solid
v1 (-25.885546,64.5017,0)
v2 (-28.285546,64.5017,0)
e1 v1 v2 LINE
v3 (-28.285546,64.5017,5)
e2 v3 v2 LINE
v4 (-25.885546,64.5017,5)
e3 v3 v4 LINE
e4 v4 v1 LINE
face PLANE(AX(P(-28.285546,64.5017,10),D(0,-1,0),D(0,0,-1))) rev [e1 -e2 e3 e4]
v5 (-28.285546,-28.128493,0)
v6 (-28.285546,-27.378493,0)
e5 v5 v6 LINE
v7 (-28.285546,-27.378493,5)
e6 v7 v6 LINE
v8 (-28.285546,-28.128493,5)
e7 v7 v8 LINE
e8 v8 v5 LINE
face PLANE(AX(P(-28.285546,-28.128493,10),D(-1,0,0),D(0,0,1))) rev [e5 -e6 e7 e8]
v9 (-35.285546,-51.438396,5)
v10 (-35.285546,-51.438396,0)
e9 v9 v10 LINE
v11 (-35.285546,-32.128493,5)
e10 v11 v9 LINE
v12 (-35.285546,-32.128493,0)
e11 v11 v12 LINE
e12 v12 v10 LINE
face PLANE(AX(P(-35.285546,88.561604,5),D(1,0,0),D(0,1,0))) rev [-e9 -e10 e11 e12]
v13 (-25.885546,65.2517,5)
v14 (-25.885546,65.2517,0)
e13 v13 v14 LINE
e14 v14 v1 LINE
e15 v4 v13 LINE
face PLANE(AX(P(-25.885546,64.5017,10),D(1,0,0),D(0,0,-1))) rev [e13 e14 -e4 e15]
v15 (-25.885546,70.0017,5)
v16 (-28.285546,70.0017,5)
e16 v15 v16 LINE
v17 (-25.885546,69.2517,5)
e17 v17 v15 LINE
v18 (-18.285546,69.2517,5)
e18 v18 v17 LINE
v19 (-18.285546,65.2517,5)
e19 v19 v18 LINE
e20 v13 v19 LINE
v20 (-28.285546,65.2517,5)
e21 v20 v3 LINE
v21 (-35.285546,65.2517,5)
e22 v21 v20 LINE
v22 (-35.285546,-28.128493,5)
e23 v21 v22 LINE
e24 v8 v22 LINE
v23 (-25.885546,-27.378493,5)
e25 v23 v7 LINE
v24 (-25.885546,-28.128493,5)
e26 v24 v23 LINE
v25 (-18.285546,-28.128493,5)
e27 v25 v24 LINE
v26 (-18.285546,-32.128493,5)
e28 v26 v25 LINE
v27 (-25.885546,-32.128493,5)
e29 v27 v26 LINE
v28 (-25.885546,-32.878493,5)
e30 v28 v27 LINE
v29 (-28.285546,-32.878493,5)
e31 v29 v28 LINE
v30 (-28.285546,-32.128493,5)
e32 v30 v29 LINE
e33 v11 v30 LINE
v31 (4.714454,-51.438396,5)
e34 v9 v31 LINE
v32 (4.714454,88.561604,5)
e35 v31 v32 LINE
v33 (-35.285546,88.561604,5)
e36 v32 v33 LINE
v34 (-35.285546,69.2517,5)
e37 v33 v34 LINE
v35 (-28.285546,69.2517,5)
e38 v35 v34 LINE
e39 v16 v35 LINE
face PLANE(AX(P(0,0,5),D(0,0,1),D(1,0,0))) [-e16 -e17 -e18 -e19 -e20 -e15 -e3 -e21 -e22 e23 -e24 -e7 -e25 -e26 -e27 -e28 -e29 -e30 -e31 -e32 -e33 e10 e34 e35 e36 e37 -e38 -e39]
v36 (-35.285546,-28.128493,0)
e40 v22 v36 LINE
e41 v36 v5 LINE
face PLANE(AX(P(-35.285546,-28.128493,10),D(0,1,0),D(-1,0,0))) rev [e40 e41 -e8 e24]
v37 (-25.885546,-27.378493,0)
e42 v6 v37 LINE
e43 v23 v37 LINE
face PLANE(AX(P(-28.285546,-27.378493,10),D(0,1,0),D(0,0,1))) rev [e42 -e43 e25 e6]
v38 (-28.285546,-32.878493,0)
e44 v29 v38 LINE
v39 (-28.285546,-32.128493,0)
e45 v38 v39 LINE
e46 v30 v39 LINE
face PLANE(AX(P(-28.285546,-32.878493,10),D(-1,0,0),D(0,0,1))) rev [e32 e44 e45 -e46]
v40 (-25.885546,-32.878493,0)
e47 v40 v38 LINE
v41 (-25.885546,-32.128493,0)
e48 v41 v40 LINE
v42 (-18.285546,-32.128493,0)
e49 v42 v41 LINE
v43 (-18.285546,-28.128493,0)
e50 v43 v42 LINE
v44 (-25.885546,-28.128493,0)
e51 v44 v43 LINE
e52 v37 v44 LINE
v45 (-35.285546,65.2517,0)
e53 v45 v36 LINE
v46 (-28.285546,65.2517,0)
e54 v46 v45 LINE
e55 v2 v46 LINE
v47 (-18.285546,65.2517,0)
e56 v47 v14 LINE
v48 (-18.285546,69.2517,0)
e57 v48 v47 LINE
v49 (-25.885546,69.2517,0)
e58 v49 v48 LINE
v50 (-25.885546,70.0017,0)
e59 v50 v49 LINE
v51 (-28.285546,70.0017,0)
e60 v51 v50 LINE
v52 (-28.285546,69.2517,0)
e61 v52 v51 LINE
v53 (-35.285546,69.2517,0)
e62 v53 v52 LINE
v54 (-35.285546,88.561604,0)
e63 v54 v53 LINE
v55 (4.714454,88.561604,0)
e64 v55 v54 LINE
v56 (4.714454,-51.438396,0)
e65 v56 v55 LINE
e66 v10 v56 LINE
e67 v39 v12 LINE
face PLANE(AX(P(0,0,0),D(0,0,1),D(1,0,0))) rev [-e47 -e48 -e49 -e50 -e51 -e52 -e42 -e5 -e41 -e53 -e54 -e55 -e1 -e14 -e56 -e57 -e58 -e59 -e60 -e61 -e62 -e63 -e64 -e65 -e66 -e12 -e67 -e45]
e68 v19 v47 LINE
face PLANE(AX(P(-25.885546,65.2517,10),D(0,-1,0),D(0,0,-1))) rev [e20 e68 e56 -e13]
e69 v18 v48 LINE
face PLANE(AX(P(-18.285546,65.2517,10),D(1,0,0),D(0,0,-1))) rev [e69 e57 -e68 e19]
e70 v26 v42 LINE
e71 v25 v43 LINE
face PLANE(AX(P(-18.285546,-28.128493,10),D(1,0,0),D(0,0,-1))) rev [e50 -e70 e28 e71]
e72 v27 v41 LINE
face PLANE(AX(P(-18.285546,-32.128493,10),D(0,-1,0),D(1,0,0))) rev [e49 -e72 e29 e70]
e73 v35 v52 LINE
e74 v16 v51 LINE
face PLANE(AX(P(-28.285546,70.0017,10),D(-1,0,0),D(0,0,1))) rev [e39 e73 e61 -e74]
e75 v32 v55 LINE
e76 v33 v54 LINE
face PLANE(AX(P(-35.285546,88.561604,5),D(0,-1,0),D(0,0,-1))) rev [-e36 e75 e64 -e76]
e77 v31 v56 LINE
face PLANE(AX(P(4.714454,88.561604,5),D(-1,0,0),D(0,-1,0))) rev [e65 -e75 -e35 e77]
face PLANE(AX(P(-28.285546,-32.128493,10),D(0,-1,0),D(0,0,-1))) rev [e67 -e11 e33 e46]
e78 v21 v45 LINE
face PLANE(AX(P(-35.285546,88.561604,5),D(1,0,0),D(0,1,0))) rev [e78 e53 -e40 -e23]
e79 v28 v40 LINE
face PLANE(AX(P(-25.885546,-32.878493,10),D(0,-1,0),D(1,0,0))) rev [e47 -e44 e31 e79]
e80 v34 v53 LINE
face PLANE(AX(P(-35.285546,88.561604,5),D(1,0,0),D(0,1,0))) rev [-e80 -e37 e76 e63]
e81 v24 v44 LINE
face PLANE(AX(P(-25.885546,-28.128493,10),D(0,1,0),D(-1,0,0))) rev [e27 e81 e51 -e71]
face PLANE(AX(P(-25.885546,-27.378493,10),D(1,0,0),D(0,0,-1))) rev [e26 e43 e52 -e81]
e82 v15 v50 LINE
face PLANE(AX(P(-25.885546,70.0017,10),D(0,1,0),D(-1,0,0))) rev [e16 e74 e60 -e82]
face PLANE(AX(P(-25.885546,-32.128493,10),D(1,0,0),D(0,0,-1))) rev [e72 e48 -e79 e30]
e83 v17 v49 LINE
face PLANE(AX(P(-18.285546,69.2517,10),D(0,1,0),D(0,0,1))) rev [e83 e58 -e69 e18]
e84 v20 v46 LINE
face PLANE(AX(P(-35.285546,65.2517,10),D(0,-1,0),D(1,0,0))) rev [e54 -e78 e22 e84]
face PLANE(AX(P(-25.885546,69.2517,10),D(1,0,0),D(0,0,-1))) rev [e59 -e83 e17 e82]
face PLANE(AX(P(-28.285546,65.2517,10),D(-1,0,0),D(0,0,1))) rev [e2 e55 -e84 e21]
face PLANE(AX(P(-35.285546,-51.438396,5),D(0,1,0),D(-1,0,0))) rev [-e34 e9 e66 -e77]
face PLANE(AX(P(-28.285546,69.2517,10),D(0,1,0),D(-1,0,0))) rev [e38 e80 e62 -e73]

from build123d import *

# Parameters (mm, degrees)
SKETCH1_W           = 40
SKETCH1_H           = 140
BOSS_EXTRUDE1_DEPTH = 5
CUT_EXTRUDE1_DEPTH  = 10


with BuildPart() as part:
    # Sketch1 → Boss-Extrude1 (new body)
    with BuildSketch(Plane.XY):
        with Locations((-15.285545967, 18.561603806)):
            Rectangle(SKETCH1_W, SKETCH1_H)
    extrude(amount=BOSS_EXTRUDE1_DEPTH)

    # Sketch4 → Cut-Extrude1 (cut)
    with BuildSketch(Plane(origin=(0, 0, 0), x_dir=(-1, 0, 0), z_dir=(0, 0, -1))):
        Polygon((35.285545967, 65.251700466), (28.285545967, 65.251700466), (28.285545967, 64.501700466), (25.885545967, 64.501700466), (25.885545967, 65.251700466), (18.285545967, 65.251700466), (18.285545967, 69.251700466), (25.885545967, 69.251700466), (25.885545967, 70.001700466), (28.285545967, 70.001700466), (28.285545967, 69.251700466), (35.285545967, 69.251700466), align=None)
        Polygon((35.285545967, -28.128492854), (35.285545967, -32.128492854), (28.285545967, -32.128492854), (28.285545967, -32.878492854), (25.885545967, -32.878492854), (25.885545967, -32.128492854), (18.285545967, -32.128492854), (18.285545967, -28.128492854), (25.885545967, -28.128492854), (25.885545967, -27.378492854), (28.285545967, -27.378492854), (28.285545967, -28.128492854), align=None)
    extrude(amount=-CUT_EXTRUDE1_DEPTH, mode=Mode.SUBTRACT)


solid = part.part
